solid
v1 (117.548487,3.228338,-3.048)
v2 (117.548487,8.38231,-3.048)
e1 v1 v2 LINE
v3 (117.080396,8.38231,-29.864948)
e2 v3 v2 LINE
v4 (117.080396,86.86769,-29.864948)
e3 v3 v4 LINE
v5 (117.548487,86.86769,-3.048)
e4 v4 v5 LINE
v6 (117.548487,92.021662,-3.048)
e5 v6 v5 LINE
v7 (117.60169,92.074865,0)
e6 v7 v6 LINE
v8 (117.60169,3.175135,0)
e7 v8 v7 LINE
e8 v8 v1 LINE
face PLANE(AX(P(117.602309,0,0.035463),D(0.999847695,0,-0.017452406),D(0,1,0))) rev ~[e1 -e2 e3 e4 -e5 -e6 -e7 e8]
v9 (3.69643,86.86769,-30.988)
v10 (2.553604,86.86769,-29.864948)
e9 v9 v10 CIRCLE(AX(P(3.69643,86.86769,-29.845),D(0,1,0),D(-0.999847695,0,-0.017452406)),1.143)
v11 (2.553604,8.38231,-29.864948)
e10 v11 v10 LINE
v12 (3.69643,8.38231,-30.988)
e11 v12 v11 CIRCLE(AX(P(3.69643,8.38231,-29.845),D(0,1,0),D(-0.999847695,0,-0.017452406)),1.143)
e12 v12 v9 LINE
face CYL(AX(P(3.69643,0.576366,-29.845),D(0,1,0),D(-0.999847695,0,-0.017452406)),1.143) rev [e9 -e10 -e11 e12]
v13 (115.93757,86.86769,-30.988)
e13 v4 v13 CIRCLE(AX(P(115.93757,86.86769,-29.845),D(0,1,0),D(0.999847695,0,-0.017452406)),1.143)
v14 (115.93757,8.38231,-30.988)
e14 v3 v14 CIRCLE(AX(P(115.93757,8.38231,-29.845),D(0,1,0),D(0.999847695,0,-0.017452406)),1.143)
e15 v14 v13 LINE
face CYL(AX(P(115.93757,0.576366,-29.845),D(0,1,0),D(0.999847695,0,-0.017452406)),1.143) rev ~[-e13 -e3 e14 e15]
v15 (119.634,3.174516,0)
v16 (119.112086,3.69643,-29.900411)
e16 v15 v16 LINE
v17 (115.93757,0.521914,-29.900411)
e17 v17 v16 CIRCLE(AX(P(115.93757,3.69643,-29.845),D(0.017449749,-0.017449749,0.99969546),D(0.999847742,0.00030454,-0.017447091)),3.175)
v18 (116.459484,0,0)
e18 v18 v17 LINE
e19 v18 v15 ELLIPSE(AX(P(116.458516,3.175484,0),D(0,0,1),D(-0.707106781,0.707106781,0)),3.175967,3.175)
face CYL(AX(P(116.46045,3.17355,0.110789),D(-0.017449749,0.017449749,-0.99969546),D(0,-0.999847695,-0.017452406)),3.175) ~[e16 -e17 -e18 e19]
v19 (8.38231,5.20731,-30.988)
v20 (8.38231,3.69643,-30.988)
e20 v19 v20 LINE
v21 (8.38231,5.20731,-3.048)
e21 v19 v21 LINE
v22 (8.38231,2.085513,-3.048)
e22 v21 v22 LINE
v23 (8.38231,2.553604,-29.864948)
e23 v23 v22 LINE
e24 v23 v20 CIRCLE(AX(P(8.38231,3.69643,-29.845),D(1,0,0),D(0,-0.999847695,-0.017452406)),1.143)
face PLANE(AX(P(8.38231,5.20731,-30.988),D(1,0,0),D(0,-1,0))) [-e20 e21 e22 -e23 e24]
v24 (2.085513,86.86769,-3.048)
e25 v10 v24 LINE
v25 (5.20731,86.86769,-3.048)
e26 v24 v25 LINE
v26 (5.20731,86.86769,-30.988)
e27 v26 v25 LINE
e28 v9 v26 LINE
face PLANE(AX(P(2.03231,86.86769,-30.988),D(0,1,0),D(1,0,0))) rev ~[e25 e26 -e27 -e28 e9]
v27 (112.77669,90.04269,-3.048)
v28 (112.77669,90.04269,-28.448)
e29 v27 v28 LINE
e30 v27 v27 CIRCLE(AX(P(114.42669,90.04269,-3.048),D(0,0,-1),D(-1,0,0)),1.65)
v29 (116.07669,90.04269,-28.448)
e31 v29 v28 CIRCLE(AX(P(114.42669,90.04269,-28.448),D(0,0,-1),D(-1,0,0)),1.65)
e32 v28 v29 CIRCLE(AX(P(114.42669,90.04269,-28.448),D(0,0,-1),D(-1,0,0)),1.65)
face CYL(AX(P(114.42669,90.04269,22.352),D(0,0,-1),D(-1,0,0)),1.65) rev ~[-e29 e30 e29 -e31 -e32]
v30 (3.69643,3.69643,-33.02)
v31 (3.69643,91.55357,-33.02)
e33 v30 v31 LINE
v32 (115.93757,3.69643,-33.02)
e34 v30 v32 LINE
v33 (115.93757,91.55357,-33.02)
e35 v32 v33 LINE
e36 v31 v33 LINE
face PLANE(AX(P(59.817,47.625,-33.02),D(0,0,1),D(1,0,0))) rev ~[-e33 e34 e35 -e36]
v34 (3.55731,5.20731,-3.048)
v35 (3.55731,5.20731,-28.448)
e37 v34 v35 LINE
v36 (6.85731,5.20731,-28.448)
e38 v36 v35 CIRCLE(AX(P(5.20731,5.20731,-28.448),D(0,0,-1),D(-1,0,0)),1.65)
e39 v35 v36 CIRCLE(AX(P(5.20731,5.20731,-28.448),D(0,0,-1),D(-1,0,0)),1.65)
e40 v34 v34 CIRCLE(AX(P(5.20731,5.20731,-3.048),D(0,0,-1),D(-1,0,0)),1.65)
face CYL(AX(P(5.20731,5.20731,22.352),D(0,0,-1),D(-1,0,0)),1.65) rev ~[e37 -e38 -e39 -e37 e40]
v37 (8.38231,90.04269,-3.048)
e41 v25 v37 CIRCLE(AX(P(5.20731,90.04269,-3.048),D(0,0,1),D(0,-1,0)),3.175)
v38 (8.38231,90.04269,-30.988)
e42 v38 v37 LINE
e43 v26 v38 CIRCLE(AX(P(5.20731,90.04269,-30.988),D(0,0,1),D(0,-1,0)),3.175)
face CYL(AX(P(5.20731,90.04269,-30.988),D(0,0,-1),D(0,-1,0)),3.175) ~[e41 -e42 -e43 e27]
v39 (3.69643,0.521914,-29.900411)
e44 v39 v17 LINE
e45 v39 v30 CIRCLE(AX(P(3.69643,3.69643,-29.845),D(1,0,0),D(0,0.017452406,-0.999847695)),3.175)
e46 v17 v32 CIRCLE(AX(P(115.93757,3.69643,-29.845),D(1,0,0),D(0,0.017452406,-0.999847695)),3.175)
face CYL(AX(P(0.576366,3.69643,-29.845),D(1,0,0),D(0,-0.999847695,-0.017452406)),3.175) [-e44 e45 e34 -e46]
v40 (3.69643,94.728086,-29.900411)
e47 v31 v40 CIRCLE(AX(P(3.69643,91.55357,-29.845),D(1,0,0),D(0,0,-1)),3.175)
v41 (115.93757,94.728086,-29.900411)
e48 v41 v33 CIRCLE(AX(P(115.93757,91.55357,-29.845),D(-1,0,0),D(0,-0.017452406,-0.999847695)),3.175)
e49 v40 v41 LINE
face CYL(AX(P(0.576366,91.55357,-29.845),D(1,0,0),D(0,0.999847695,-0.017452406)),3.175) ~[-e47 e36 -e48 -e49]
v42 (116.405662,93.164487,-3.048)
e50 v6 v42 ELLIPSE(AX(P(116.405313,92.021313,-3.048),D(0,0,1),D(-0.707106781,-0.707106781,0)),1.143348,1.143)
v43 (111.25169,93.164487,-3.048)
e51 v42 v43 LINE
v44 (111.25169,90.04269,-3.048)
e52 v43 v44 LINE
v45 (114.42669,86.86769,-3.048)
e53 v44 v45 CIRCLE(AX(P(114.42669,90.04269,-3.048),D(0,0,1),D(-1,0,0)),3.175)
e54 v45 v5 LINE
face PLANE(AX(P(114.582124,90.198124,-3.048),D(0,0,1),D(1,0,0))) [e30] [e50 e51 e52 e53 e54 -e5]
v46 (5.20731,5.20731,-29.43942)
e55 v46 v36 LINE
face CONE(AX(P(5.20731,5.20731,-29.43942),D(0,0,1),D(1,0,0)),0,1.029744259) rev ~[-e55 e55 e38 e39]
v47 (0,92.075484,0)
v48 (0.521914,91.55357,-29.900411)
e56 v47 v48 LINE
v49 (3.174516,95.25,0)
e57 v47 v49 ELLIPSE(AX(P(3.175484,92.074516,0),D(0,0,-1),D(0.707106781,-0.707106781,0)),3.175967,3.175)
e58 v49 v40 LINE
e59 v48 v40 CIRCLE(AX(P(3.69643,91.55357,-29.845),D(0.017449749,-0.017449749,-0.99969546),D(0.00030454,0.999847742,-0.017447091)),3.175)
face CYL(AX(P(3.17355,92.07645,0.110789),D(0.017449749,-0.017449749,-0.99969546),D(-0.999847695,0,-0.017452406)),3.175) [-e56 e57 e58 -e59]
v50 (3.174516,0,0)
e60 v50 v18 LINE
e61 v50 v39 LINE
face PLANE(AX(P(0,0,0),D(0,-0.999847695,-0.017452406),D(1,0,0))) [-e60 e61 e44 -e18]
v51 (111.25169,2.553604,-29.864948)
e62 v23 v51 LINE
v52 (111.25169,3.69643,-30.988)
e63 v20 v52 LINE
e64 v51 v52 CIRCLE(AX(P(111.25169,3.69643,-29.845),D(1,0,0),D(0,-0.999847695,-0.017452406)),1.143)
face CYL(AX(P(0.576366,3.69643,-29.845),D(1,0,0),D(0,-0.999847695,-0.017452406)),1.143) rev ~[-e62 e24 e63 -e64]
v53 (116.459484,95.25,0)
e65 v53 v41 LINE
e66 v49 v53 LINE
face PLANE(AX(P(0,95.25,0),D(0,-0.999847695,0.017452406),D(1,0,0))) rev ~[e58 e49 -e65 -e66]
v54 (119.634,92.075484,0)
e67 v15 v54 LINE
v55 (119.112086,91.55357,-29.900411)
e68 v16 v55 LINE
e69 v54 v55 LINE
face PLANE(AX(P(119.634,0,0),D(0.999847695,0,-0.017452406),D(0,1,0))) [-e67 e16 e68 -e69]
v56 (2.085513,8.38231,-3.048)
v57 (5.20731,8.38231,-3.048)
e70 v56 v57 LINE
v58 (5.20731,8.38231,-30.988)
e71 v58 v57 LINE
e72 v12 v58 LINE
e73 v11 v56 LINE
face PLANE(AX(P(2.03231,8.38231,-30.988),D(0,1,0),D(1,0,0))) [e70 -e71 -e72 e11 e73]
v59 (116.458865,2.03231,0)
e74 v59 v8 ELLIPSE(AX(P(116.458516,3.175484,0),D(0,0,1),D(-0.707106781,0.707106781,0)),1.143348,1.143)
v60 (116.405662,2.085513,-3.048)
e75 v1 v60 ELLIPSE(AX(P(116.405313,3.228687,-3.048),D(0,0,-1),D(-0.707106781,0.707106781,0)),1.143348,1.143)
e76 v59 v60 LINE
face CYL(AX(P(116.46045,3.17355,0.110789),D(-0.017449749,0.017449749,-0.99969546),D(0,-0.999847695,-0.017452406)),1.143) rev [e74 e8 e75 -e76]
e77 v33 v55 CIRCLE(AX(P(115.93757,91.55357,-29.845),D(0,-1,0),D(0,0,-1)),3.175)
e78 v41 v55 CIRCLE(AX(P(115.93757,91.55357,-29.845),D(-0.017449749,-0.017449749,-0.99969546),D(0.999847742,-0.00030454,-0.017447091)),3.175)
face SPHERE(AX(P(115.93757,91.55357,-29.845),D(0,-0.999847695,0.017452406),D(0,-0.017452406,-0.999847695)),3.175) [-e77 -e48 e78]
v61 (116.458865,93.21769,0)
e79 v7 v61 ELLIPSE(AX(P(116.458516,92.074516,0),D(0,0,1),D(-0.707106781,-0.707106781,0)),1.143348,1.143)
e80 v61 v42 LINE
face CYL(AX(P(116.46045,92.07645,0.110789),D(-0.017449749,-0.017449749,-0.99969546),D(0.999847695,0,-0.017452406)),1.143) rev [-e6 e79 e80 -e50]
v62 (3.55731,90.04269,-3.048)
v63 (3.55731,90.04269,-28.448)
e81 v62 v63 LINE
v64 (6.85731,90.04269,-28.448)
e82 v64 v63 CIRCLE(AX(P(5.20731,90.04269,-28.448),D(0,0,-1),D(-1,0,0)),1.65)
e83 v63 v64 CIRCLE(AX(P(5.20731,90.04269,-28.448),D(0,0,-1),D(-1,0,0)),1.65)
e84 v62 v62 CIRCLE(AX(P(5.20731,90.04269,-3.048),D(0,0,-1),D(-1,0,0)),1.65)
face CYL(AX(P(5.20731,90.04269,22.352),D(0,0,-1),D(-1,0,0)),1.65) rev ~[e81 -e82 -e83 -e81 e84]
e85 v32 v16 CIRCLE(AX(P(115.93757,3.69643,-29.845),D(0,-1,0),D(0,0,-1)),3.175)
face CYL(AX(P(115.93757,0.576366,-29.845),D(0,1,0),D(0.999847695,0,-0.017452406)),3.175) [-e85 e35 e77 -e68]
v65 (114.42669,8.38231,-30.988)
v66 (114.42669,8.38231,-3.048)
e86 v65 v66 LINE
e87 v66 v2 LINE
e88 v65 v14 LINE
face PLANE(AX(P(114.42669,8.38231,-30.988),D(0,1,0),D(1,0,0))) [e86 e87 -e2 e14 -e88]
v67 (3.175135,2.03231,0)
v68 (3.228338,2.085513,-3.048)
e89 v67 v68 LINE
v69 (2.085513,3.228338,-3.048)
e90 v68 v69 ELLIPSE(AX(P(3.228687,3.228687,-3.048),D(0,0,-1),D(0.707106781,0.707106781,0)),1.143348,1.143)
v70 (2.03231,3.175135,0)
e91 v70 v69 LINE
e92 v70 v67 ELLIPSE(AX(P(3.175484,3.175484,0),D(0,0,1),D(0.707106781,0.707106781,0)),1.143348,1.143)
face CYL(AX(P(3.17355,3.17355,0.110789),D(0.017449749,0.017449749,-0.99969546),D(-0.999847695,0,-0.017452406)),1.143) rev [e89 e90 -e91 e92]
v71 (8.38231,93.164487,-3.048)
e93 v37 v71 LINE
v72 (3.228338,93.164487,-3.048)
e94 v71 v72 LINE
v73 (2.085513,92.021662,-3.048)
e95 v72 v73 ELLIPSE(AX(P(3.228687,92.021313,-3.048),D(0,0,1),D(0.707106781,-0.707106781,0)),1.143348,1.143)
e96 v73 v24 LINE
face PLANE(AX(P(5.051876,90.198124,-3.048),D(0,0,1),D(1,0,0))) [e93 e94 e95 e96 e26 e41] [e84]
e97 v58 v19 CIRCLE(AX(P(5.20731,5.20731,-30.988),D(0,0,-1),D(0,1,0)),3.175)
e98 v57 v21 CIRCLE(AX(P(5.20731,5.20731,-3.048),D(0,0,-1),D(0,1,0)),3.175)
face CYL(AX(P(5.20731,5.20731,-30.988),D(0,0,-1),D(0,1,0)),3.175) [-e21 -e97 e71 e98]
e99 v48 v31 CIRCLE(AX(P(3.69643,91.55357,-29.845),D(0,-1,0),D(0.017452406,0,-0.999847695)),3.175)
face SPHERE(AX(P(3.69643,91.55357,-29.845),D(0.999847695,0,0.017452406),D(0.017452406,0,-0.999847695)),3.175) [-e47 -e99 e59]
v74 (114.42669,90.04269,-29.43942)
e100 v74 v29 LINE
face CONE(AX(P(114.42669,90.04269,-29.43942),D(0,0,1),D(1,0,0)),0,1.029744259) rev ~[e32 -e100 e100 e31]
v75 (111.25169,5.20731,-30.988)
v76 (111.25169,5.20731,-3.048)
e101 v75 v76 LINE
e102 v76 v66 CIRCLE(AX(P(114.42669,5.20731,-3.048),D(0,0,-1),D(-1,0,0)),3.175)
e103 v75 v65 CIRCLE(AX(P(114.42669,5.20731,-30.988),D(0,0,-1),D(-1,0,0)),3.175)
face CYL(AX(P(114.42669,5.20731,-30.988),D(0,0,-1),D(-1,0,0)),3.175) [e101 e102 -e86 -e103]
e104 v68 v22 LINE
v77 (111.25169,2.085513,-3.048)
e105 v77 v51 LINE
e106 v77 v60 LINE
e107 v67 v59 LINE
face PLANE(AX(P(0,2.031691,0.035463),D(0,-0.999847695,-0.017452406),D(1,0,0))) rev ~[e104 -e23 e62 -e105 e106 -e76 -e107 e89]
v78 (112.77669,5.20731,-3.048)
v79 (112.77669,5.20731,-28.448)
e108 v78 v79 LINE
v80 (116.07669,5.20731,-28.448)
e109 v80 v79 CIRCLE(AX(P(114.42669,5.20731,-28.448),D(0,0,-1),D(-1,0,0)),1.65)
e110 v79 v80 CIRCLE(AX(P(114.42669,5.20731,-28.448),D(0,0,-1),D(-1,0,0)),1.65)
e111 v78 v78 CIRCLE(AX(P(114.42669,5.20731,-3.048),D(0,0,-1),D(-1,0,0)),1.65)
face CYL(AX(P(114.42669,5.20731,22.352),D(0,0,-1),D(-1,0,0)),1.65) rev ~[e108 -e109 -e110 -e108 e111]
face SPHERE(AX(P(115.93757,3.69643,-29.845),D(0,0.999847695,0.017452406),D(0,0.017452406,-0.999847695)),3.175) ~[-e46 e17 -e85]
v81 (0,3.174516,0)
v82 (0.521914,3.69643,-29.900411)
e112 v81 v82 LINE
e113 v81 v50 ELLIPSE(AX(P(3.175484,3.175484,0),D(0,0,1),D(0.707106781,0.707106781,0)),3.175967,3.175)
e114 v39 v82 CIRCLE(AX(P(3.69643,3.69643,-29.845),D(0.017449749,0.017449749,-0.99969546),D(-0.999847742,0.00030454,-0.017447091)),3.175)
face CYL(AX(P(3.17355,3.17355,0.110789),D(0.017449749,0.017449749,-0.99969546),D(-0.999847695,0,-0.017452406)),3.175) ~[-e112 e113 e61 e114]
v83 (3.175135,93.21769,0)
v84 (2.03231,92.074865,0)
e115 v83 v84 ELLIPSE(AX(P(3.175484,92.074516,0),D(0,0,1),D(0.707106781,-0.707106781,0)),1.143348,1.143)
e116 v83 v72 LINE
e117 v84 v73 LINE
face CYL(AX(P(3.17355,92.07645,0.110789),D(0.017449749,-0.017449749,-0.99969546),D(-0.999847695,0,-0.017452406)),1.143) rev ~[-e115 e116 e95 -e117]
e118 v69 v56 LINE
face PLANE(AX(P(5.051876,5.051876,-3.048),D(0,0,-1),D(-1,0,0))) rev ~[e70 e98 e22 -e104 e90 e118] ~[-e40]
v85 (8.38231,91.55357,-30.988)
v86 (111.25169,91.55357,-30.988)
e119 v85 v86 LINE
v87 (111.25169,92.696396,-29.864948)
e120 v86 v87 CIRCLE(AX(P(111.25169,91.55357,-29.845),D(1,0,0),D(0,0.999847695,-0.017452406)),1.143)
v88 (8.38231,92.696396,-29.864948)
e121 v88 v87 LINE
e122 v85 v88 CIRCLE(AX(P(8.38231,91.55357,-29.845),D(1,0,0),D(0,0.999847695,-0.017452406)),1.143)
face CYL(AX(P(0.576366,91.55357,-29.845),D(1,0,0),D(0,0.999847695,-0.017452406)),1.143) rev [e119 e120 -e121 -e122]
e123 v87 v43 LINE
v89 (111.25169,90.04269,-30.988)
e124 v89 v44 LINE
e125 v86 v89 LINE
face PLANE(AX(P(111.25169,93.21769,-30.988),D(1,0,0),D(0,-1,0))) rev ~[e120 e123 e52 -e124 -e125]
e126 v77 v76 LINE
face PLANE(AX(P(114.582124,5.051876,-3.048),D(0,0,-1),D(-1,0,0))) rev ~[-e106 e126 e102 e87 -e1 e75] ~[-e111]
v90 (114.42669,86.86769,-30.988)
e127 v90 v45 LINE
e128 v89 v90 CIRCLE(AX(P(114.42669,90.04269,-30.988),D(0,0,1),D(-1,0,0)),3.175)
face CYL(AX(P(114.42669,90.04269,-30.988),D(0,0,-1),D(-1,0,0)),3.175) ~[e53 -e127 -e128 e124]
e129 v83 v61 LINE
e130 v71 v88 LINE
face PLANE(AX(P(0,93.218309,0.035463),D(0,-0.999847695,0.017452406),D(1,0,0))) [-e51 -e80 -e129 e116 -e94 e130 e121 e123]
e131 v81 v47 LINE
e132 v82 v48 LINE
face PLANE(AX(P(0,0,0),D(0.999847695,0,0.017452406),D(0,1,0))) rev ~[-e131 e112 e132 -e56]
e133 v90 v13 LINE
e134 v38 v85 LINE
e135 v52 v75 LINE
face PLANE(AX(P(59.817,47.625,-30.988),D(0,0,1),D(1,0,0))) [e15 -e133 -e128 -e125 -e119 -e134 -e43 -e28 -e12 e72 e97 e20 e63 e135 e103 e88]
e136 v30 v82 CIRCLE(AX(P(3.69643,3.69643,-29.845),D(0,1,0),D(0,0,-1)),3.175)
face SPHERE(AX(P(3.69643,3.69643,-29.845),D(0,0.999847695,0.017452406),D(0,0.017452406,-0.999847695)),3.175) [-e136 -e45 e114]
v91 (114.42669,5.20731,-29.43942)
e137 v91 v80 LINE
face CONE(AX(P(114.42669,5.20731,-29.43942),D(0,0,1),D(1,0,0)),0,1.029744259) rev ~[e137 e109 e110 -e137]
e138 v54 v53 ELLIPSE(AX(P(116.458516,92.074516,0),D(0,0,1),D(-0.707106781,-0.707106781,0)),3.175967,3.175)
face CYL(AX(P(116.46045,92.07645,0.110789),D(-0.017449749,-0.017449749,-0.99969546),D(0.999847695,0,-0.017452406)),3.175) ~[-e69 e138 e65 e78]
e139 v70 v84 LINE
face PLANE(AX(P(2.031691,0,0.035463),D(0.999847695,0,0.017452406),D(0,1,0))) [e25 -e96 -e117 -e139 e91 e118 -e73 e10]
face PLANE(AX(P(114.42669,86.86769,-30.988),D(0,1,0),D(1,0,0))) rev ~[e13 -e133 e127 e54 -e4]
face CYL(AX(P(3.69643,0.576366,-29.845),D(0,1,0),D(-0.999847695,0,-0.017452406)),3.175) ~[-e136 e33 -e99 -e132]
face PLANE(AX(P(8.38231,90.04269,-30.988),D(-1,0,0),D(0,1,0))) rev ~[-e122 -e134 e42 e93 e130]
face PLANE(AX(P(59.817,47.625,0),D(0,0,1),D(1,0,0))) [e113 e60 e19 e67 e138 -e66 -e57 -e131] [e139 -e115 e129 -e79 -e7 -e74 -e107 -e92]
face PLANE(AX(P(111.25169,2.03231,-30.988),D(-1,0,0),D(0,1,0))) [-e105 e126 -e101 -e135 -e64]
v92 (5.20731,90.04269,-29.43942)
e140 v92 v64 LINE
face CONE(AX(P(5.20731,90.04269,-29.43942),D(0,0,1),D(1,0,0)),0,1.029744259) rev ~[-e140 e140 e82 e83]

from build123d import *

# Parameters (mm, degrees)
SKETCH1_W                       = 119.634
SKETCH1_H                       = 95.25
BOSS_EXTRUDE1_DEPTH             = 33.02
BOSS_EXTRUDE1_DRAFT             = -1
FILLET1_R                       = 3.175
SHELL1_T                        = -2.032
BOSS_EXTRUDE2_DEPTH             = 27.94
TAP_DRILL_FOR_M4X0_7_TAP1_D     = 3.3
TAP_DRILL_FOR_M4X0_7_TAP1_DEPTH = 25.4
TAP_DRILL_FOR_M4X0_7_TAP1_TIP   = 0.991420021


with BuildPart() as part:
    # Sketch1 → Boss-Extrude1 (with draft: the straight prism first)
    with BuildSketch(Plane.XY):
        with Locations((59.817, 47.625)):
            Rectangle(SKETCH1_W, SKETCH1_H)
    extrude(amount=-BOSS_EXTRUDE1_DEPTH)
    # Boss-Extrude1: the draft: its side faces are tilted about the plane it starts from
    boss_extrude1_sides = [part.faces().sort_by_distance(p)[0] for p in [
        (59.817, 0, -16.51),
        (119.634, 47.625, -16.51),
        (59.817, 95.25, -16.51),
        (0, 47.625, -16.51),
    ]]
    draft(boss_extrude1_sides, Plane.XY, BOSS_EXTRUDE1_DRAFT)

    # Fillet1
    fillet1_edges = [part.edges().sort_by_distance(p)[0] for p in [
        (119.057633756, 47.625, -33.02),
        (59.817, 94.673633756, -33.02),
        (0.576366244, 47.625, -33.02),
        (59.817, 0.576366244, -33.02),
        (0.288183122, 94.961816878, -16.51),
        (119.345816878, 94.961816878, -16.51),
        (119.345816878, 0.288183122, -16.51),
        (0.288183122, 0.288183122, -16.51),
    ]]
    fillet(fillet1_edges, radius=FILLET1_R)

    # Shell1
    shell1_openings = [part.faces().sort_by_distance(p)[0] for p in [
        (59.817, 47.625, 0),
    ]]
    offset(amount=SHELL1_T, openings=shell1_openings, kind=Kind.INTERSECTION)

    # Sketch2 → Boss-Extrude2 (add)
    with BuildSketch(Plane.XY.offset(-30.988)):
        with BuildLine():
            Line((2.032309531, 86.867690469), (5.207309531, 86.867690469))
            ThreePointArc((5.207309531, 86.867690469), (7.452373561, 87.797626439), (8.382309531, 90.042690469))
            Line((8.382309531, 90.042690469), (8.382309531, 93.217690469))
            Line((8.382309531, 93.217690469), (3.175135446, 93.217690469))
            ThreePointArc((3.175135446, 93.217690469), (2.367035492, 92.882964508), (2.032309531, 92.074864554))
            Line((2.032309531, 92.074864554), (2.032309531, 86.867690469))
        make_face()
        with BuildLine():
            Line((111.251690469, 93.217690469), (111.251690469, 90.042690469))
            ThreePointArc((111.251690469, 90.042690469), (112.181626439, 87.797626439), (114.426690469, 86.867690469))
            Line((114.426690469, 86.867690469), (117.601690469, 86.867690469))
            Line((117.601690469, 86.867690469), (117.601690469, 92.074864554))
            ThreePointArc((117.601690469, 92.074864554), (117.266964508, 92.882964508), (116.458864554, 93.217690469))
            Line((116.458864554, 93.217690469), (111.251690469, 93.217690469))
        make_face()
        with BuildLine():
            Line((116.458864554, 2.032309531), (111.251690469, 2.032309531))
            Line((111.251690469, 2.032309531), (111.251690469, 5.207309531))
            ThreePointArc((111.251690469, 5.207309531), (112.181626439, 7.452373561), (114.426690469, 8.382309531))
            Line((114.426690469, 8.382309531), (117.601690469, 8.382309531))
            Line((117.601690469, 8.382309531), (117.601690469, 3.175135446))
            ThreePointArc((117.601690469, 3.175135446), (117.266964508, 2.367035492), (116.458864554, 2.032309531))
        make_face()
        with BuildLine():
            Line((2.032309531, 3.175135446), (2.032309531, 8.382309531))
            Line((2.032309531, 8.382309531), (5.207309531, 8.382309531))
            ThreePointArc((5.207309531, 8.382309531), (7.452373561, 7.452373561), (8.382309531, 5.207309531))
            Line((8.382309531, 5.207309531), (8.382309531, 2.032309531))
            Line((8.382309531, 2.032309531), (3.175135446, 2.032309531))
            ThreePointArc((3.175135446, 2.032309531), (2.367035492, 2.367035492), (2.032309531, 3.175135446))
        make_face()
    extrude(amount=BOSS_EXTRUDE2_DEPTH)

    # Tap Drill for M4x0.7 Tap1
    with Locations(Plane.XY.offset(-3.048)):
        with Locations((5.207309531, 90.042690469), (114.426690469, 90.042690469), (114.426690469, 5.207309531), (5.207309531, 5.207309531)):
            Hole(TAP_DRILL_FOR_M4X0_7_TAP1_D / 2, depth=TAP_DRILL_FOR_M4X0_7_TAP1_DEPTH)
            with Locations((0, 0, -(TAP_DRILL_FOR_M4X0_7_TAP1_DEPTH + TAP_DRILL_FOR_M4X0_7_TAP1_TIP / 2))):  # 118° drill point
                Cone(0, TAP_DRILL_FOR_M4X0_7_TAP1_D / 2, TAP_DRILL_FOR_M4X0_7_TAP1_TIP, mode=Mode.SUBTRACT)


solid = part.part
